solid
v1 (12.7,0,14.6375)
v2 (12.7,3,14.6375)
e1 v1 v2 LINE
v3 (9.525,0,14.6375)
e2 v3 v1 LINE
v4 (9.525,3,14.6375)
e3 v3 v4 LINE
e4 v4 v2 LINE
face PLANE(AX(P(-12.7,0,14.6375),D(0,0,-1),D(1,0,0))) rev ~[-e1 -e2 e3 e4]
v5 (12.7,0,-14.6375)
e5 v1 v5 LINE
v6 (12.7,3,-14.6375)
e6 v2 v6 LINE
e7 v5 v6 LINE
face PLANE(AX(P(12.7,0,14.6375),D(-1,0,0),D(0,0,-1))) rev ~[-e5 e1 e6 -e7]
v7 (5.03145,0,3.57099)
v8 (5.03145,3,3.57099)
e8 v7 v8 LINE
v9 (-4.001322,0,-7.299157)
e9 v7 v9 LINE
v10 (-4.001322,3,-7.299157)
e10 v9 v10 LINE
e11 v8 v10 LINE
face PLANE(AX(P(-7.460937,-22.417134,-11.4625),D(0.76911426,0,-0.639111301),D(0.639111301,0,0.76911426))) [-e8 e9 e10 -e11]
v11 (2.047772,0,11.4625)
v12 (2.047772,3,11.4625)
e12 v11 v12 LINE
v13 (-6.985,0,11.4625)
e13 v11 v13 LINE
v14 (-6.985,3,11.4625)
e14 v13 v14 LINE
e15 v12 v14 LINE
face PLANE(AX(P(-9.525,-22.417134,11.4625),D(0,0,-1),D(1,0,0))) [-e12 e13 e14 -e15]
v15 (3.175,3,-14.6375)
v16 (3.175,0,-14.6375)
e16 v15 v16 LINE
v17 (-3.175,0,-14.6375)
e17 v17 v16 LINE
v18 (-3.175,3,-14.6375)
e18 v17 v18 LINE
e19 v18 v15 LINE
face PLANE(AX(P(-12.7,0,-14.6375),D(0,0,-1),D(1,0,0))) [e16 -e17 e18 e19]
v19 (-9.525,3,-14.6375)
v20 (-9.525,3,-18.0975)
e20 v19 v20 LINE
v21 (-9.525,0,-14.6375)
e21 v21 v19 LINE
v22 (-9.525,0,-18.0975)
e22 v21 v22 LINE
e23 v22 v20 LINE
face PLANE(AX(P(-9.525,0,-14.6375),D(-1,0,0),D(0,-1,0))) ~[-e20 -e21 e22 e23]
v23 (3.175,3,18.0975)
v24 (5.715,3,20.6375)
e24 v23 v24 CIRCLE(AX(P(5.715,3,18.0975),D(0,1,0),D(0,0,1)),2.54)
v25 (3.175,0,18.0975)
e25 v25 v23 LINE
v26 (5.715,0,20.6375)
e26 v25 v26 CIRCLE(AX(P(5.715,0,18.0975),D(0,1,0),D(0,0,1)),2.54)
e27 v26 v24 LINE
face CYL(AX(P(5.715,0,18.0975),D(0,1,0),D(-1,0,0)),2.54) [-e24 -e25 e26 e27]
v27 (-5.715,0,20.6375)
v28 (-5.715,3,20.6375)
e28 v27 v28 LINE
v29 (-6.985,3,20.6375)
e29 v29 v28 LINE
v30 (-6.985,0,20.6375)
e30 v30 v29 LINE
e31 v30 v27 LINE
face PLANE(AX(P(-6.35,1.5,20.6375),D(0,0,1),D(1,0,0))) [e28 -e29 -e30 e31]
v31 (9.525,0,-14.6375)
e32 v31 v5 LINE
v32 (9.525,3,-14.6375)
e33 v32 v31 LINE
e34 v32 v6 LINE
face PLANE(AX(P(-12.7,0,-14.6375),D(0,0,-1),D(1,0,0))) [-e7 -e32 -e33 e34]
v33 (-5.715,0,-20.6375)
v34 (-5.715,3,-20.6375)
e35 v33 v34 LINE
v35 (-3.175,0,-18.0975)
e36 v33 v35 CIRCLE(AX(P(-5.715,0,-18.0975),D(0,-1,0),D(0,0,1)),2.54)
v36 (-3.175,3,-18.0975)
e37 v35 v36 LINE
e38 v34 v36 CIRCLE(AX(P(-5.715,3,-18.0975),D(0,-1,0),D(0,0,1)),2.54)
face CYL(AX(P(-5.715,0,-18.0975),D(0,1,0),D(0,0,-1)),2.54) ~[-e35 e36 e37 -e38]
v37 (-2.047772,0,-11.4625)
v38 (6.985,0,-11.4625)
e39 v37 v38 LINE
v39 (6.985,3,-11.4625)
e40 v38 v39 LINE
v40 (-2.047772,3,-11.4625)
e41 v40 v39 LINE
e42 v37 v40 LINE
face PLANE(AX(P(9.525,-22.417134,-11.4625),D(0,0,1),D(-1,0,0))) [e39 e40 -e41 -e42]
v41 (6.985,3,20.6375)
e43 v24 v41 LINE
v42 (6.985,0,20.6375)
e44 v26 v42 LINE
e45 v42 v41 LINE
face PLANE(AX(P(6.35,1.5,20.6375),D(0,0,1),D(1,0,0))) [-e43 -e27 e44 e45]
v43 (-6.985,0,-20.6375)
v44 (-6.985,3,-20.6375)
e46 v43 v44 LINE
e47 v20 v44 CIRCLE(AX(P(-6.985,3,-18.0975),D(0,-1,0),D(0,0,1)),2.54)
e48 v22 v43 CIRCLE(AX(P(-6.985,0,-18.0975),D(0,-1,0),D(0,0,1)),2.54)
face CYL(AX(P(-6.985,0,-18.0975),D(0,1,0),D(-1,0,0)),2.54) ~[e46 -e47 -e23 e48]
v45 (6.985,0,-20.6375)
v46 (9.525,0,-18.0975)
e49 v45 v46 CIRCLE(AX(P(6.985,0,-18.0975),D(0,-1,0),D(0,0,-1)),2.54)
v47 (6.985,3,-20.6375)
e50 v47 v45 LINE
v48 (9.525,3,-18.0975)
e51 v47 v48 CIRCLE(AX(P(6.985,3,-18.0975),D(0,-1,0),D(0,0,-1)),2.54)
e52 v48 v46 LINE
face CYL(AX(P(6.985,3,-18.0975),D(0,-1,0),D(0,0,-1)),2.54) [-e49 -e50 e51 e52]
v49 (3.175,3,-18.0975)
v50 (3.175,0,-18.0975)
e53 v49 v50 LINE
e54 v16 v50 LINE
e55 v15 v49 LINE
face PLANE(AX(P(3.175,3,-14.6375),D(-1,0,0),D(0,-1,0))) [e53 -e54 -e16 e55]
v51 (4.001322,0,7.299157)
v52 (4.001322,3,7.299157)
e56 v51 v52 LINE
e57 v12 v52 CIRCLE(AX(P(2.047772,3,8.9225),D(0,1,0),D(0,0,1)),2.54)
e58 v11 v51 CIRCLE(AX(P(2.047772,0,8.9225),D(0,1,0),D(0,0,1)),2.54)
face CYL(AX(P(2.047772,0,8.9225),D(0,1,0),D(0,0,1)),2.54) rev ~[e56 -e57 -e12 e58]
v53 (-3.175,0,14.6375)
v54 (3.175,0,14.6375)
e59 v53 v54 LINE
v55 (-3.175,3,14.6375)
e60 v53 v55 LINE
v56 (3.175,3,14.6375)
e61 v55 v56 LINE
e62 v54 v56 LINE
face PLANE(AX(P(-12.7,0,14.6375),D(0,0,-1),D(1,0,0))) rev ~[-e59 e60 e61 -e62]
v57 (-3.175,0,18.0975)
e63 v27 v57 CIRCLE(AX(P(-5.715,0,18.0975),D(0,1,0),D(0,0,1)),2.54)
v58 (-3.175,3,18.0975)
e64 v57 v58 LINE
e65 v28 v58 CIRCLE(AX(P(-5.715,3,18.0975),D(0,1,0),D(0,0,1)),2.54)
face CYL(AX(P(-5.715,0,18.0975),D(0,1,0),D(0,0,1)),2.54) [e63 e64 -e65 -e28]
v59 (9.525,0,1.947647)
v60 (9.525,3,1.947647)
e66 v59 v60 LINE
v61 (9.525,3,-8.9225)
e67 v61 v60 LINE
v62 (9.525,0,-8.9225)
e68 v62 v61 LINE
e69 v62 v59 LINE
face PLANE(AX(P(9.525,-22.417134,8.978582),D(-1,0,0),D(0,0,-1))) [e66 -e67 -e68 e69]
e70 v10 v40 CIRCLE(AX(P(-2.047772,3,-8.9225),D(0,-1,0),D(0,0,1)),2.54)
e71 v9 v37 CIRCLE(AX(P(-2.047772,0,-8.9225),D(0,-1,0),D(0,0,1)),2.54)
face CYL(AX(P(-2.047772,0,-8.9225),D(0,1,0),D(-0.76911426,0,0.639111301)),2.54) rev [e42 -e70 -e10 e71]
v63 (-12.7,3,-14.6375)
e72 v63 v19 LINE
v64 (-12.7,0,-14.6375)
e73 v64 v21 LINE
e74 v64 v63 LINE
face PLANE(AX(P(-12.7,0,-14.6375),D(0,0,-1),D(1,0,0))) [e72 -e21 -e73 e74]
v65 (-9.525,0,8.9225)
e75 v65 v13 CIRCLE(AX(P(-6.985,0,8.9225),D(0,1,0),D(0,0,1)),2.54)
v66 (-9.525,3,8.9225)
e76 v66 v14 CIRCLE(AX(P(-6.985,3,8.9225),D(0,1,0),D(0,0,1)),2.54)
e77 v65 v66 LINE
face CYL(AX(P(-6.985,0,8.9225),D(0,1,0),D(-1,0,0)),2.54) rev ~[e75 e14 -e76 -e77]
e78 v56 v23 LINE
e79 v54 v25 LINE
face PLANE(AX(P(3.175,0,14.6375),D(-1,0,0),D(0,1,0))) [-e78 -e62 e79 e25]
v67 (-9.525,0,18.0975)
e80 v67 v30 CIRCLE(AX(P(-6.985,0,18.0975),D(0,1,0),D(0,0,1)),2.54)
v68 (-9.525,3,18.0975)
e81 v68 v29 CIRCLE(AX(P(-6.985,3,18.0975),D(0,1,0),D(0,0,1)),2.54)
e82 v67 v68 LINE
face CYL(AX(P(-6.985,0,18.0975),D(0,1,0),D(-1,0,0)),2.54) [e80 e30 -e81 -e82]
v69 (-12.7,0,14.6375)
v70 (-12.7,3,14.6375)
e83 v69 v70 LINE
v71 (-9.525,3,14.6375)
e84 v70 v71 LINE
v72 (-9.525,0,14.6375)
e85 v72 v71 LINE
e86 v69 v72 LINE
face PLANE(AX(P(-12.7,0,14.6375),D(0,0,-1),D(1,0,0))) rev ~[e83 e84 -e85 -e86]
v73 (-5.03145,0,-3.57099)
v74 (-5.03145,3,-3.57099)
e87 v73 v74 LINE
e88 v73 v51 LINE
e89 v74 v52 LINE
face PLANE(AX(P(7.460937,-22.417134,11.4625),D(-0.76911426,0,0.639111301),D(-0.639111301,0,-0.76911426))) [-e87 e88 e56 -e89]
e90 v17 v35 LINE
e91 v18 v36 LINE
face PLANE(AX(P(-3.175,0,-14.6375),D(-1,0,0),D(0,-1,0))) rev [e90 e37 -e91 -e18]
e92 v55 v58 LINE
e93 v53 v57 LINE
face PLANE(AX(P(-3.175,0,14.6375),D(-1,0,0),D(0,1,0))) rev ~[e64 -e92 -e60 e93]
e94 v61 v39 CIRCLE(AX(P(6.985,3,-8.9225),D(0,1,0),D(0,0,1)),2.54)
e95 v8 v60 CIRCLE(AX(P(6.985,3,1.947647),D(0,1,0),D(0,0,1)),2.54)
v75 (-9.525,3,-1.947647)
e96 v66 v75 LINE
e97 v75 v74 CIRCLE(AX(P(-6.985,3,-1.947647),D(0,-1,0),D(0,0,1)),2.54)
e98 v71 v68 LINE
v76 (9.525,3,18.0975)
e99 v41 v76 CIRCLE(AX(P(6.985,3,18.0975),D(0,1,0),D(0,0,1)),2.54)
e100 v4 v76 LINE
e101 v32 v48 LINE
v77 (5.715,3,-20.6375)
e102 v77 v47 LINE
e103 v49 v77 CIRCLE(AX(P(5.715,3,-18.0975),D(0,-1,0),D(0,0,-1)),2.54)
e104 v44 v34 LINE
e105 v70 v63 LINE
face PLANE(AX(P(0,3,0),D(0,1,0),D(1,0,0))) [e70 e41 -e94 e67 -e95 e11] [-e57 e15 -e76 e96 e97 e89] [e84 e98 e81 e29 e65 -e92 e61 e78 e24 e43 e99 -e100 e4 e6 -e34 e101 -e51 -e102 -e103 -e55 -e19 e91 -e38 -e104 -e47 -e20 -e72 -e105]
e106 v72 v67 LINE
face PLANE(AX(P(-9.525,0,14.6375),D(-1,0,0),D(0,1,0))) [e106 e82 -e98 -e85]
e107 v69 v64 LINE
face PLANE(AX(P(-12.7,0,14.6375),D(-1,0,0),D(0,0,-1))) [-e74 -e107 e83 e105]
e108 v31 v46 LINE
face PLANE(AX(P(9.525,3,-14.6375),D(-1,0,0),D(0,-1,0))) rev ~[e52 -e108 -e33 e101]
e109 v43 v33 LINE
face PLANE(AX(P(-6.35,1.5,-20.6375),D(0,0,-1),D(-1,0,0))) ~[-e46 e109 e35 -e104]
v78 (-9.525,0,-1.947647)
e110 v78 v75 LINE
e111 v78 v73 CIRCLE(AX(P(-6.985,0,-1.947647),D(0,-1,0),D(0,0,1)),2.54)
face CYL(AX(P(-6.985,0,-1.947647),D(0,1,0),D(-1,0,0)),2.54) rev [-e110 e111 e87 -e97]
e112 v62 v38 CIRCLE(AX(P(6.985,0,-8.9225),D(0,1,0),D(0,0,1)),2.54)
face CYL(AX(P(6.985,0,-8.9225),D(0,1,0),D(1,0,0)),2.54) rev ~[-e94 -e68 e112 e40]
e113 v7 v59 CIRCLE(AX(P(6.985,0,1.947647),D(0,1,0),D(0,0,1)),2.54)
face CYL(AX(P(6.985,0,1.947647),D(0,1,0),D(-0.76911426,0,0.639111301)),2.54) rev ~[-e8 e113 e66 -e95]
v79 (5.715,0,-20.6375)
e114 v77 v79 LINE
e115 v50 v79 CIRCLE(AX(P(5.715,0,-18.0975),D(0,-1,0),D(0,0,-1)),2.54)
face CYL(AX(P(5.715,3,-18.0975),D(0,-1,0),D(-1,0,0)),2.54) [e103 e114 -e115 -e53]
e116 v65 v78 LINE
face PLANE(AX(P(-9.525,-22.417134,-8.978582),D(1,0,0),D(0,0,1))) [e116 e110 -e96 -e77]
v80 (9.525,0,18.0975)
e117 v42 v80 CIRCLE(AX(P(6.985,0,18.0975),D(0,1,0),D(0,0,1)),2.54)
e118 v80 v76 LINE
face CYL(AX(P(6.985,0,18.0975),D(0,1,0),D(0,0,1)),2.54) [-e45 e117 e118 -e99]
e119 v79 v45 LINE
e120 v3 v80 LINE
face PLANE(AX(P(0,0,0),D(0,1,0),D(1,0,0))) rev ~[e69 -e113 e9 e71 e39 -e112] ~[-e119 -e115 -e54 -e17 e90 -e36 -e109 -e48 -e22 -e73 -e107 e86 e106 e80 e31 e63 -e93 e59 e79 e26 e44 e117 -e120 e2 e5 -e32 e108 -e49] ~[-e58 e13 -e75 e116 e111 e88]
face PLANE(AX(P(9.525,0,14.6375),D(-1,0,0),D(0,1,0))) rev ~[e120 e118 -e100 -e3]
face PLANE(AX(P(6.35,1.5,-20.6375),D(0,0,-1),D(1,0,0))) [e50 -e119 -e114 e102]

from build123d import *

# Parameters (mm, degrees)
SKETCH1_W               = 25.4
SKETCH1_H               = 29.275000124
BOSS_EXTRUDE1_DEPTH     = 3
SKETCH2_W               = 6.35
SKETCH2_H               = 3
BOSS_EXTRUDE2_DEPTH     = 6
LPATTERN1_COUNT         = 2
LPATTERN1_PITCH         = 12.7
MIRROR1_COPY_1_SKETCH_W = 6.35
MIRROR1_COPY_1_SKETCH_H = 3
MIRROR1_COPY_1_DEPTH    = 6
CUT_EXTRUDE1_DEPTH      = 25.417133509
CUT_EXTRUDE1_DEPTH_BACK = 25.417133509
FILLET1_R               = 2.54
FILLET2_R               = 2.54


with BuildPart() as part:
    # Sketch1 → Boss-Extrude1 (new body)
    with BuildSketch(Plane(origin=(0, 0, 0), x_dir=(1, 0, 0), z_dir=(0, 1, 0))):
        Rectangle(SKETCH1_W, SKETCH1_H)
    extrude(amount=BOSS_EXTRUDE1_DEPTH)

    # Sketch2 → Boss-Extrude2 (add)
    with BuildSketch(Plane.XY.offset(14.637500062)):
        with Locations((-6.35, 1.5)):
            Rectangle(SKETCH2_W, SKETCH2_H)
    boss_extrude2 = extrude(amount=BOSS_EXTRUDE2_DEPTH)

    # LPattern1: Boss-Extrude2 ×2
    with Locations(*[(i * LPATTERN1_PITCH, 0, 0) for i in range(1, LPATTERN1_COUNT)]):
        add(boss_extrude2)

    # Mirror1: Boss-Extrude2 across plane
    add(boss_extrude2.mirror(Plane.XY))

    # Mirror1 copy 1 sketch → Mirror1 copy 1 (add)
    with BuildSketch(Plane(origin=(12.7, 0, -14.637500062), x_dir=(1, 0, 0), z_dir=(0, 0, -1))):
        with Locations((-6.35, -1.5)):
            Rectangle(MIRROR1_COPY_1_SKETCH_W, MIRROR1_COPY_1_SKETCH_H)
    extrude(amount=MIRROR1_COPY_1_DEPTH)

    # Sketch4 → Cut-Extrude1 (cut, two sides: drawn at the far end of the back side and taken through both)
    with BuildSketch(Plane(origin=(0, 3, 0), x_dir=(1, 0, 0), z_dir=(0, 1, 0)).offset(-CUT_EXTRUDE1_DEPTH_BACK)):
        Polygon((7.460937373, -11.462500062), (-9.525, 8.978582163), (-9.525, -11.462500062), align=None)
        Polygon((9.525, 11.462500062), (-7.460937373, 11.462500062), (9.525, -8.978582163), align=None)
    extrude(amount=CUT_EXTRUDE1_DEPTH + CUT_EXTRUDE1_DEPTH_BACK, mode=Mode.SUBTRACT)

    # Fillet1
    fillet1_edges = [part.edges().sort_by_distance(p)[0] for p in [
        (-7.460937373, 1.5, -11.462500062),
        (9.525, 1.5, -11.462500062),
        (9.525, 1.5, 8.978582163),
        (-9.525, 1.5, -8.978582163),
        (7.460937373, 1.5, 11.462500062),
        (-9.525, 1.5, 11.462500062),
    ]]
    fillet(fillet1_edges, radius=FILLET1_R)

    # Fillet2
    fillet2_edges = [part.edges().sort_by_distance(p)[0] for p in [
        (-9.525, 1.5, 20.637500062),
        (-3.175, 1.5, 20.637500062),
        (3.175, 1.5, 20.637500062),
        (9.525, 1.5, 20.637500062),
        (-9.525, 1.5, -20.637500062),
        (-3.175, 1.5, -20.637500062),
        (3.175, 1.5, -20.637500062),
        (9.525, 1.5, -20.637500062),
    ]]
    fillet(fillet2_edges, radius=FILLET2_R)


solid = part.part
